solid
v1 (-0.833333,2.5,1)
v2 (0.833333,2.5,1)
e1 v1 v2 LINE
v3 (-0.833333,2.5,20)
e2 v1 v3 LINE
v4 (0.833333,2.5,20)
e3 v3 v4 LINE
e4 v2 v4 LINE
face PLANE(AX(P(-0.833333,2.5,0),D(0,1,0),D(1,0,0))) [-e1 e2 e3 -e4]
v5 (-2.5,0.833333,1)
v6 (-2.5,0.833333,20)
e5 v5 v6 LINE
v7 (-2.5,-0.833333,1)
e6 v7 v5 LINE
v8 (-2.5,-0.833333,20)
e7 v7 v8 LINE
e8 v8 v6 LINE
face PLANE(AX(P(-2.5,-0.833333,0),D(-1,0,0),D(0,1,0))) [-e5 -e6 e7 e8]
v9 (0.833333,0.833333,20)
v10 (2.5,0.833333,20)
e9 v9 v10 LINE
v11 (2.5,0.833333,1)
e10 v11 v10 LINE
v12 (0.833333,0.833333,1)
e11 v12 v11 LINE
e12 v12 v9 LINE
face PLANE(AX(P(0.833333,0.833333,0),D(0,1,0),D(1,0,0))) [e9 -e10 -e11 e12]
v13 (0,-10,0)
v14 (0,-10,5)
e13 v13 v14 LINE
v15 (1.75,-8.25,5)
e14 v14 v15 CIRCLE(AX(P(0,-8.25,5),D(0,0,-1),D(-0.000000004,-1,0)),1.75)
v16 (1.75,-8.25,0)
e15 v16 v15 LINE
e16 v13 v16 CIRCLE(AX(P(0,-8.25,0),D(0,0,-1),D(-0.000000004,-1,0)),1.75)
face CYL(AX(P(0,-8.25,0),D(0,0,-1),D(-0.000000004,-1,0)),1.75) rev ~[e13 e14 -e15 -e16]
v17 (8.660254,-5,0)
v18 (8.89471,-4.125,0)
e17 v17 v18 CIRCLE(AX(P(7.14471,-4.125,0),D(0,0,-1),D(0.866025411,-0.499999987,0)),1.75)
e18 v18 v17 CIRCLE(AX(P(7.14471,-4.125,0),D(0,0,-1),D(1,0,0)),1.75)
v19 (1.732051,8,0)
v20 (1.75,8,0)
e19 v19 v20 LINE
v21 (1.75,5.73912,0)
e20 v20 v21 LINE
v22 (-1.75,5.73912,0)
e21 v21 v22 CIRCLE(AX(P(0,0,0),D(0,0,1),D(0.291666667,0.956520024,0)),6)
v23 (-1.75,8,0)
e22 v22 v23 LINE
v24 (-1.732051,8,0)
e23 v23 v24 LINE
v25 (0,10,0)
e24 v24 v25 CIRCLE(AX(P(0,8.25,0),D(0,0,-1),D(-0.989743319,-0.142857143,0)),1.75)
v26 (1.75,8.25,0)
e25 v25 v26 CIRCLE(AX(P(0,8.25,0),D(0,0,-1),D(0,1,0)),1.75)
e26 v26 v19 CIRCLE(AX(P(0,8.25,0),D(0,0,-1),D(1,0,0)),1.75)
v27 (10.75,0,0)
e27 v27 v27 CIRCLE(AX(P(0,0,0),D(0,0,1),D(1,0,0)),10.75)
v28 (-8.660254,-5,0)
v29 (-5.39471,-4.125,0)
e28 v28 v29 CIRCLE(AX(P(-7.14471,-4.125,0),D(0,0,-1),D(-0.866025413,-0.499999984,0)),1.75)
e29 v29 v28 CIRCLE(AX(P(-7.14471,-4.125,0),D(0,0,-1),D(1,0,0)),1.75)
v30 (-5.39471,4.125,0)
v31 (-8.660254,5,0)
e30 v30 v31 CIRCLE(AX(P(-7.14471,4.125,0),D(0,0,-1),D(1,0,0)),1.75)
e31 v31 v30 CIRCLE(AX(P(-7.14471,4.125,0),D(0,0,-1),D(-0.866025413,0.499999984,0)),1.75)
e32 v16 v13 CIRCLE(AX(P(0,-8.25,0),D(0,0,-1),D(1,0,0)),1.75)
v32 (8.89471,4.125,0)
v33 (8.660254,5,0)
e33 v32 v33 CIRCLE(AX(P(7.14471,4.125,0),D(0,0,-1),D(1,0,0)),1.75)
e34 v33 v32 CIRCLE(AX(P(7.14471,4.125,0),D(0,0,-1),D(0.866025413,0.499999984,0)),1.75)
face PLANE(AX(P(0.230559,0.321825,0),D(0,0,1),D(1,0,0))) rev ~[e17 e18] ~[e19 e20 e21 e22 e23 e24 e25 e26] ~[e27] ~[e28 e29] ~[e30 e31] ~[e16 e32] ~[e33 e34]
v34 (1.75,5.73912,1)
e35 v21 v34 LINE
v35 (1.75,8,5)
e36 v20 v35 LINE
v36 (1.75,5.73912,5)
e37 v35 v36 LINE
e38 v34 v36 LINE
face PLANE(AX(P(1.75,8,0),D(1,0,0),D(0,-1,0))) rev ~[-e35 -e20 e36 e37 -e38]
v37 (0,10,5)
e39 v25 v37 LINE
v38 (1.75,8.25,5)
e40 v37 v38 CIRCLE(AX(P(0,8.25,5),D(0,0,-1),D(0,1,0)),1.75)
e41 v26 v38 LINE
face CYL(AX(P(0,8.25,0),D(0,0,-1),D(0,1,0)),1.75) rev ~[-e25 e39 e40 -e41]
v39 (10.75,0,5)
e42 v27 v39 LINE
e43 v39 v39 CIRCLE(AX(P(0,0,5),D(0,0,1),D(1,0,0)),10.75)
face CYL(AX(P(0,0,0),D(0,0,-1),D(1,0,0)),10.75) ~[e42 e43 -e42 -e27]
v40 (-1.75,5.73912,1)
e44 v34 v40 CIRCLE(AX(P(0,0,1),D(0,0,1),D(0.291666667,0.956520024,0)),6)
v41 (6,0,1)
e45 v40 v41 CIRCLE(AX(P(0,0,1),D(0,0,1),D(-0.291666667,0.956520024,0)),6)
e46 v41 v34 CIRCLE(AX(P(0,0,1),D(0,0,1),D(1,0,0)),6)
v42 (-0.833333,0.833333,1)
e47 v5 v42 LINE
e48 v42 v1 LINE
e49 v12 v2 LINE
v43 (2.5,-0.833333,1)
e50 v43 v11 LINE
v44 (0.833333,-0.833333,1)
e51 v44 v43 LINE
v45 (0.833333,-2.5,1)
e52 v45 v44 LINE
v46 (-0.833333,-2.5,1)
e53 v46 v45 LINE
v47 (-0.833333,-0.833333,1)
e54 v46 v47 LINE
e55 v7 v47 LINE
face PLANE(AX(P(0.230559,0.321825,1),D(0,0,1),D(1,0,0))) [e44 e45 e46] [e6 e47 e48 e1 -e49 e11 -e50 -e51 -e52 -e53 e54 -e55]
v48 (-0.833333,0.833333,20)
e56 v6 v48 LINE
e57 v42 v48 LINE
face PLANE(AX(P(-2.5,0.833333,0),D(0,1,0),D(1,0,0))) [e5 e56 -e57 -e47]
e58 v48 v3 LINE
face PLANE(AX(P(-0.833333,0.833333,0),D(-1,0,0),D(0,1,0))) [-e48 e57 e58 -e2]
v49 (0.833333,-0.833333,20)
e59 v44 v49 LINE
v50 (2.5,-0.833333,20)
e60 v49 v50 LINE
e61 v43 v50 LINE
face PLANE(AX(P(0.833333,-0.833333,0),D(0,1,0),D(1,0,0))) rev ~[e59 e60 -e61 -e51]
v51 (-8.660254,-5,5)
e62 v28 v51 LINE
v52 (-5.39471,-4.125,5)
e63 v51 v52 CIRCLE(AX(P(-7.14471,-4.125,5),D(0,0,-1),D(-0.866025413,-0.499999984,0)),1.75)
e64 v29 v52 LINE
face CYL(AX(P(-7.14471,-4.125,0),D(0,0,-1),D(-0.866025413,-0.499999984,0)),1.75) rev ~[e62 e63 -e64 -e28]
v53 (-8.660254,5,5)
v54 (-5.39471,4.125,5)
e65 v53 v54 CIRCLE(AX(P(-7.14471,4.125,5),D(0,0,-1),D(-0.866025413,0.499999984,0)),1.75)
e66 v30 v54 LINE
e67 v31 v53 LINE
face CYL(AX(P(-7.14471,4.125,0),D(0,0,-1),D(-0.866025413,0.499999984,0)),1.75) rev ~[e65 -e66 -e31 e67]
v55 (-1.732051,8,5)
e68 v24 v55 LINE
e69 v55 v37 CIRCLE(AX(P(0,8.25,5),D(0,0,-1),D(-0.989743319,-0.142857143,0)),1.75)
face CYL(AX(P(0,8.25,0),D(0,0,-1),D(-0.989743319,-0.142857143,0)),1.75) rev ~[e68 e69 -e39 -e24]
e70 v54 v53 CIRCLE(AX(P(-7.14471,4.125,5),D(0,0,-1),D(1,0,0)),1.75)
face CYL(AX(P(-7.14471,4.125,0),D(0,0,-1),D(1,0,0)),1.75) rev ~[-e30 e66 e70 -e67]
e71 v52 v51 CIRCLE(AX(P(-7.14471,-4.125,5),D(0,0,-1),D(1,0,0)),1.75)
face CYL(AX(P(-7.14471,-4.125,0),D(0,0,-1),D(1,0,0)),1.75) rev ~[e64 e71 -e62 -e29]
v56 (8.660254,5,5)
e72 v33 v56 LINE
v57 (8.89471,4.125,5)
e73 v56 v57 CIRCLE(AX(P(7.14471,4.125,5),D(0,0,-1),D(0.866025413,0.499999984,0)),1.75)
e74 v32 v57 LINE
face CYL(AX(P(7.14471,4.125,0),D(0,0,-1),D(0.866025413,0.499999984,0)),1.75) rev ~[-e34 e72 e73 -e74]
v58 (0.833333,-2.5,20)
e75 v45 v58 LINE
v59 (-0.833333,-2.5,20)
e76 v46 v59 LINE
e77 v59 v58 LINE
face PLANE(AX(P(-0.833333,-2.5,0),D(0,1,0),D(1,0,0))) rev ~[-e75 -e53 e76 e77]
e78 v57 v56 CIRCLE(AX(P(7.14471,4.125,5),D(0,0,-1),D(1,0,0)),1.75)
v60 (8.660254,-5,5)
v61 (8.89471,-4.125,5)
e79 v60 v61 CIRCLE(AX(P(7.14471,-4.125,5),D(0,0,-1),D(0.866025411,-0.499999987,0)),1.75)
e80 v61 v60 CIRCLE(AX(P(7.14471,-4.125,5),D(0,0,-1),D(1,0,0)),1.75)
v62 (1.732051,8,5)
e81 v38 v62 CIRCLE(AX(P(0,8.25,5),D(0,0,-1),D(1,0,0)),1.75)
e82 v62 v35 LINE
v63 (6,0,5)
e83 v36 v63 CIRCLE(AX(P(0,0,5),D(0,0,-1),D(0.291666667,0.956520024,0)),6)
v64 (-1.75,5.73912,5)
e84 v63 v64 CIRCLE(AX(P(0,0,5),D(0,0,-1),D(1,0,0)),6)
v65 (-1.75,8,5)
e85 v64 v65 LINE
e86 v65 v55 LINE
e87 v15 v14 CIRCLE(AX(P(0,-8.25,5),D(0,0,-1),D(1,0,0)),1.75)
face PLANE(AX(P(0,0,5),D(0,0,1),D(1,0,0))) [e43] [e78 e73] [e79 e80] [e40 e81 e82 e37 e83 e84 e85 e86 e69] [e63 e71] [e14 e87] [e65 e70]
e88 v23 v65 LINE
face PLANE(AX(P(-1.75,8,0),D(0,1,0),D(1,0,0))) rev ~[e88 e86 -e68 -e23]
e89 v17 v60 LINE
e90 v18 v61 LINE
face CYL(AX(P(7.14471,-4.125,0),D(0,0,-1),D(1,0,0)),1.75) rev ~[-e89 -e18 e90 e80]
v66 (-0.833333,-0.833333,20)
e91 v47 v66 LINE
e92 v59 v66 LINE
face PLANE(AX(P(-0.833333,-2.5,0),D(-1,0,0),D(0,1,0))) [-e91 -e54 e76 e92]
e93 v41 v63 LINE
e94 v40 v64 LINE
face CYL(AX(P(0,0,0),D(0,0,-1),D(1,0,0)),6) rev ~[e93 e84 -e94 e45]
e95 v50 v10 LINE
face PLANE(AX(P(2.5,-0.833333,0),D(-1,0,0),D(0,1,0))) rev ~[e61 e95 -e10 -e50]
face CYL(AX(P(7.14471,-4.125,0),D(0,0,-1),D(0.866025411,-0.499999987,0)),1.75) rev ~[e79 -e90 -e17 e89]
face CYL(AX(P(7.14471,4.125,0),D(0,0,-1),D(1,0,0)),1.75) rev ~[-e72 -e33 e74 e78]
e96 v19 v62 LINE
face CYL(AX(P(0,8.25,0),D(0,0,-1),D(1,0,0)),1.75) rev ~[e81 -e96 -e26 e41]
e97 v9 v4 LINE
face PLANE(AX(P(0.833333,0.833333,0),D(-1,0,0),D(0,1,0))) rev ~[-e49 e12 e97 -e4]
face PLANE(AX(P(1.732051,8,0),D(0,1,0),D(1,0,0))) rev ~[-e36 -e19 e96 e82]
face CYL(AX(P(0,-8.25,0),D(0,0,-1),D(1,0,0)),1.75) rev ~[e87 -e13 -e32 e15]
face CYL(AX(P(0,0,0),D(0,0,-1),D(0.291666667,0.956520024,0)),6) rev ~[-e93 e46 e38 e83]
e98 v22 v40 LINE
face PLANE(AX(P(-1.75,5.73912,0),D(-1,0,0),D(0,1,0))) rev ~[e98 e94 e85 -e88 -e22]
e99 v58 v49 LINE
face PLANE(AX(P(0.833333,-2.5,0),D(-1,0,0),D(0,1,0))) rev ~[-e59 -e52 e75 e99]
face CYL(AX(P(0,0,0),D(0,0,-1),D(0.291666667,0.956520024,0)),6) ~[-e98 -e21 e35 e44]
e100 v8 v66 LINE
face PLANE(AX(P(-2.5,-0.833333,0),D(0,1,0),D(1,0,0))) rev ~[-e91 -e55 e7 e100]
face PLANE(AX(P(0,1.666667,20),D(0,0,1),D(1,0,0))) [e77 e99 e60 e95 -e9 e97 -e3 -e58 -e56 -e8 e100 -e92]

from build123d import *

# Parameters (mm, degrees)
F0_W     = 1.6666666667
F0_H     = 1.6666666667
F2_DEPTH = 20
F1_R     = 10.75
F3_DEPTH = 5
F4_DEPTH = 1


with BuildPart() as f2:
    # F0 (on Top) → F2 (new body)
    with BuildSketch(Plane.XY):
        with Locations((0, 1.6666666667)):
            Rectangle(F0_W, F0_H)
        with Locations((-1.6666666667, 0)):
            Rectangle(F0_W, F0_H)
        with Locations((0, -1.6666666667)):
            Rectangle(F0_W, F0_H)
        Rectangle(F0_W, F0_H)
        with Locations((1.6666666667, 0)):
            Rectangle(F0_W, F0_H)
    extrude(amount=F2_DEPTH)



with BuildPart() as f3:
    # F1 (on Top) → F3 (new body)
    with BuildSketch(Plane.XY):
        Circle(F1_R)
        with BuildLine():
            ThreePointArc((-8.6602540538, 4.9999999724), (-5.0000000138, 8.6602540299), (0, 10))
            ThreePointArc((0, 10), (5.0000000138, 8.6602540299), (8.6602540538, 4.9999999724))
            ThreePointArc((8.6602540538, 4.9999999724), (9.659258267, 2.5881904356), (10, 0))
            ThreePointArc((10, 0), (9.6592582663, -2.5881904384), (8.6602540509, -4.9999999774))
            ThreePointArc((8.6602540509, -4.9999999774), (5.0000000086, -8.6602540329), (-6.2e-09, -10))
            ThreePointArc((-6.2e-09, -10), (-5.0000000165, -8.6602540283), (-8.6602540538, -4.9999999724))
            ThreePointArc((-8.6602540538, -4.9999999724), (-10, 0), (-8.6602540538, 4.9999999724))
        make_face(mode=Mode.SUBTRACT)
        with BuildLine():
            ThreePointArc((8.6602540538, 4.9999999724), (5.0000000138, 8.6602540299), (0, 10))
            ThreePointArc((0, 10), (-5.0000000138, 8.6602540299), (-8.6602540538, 4.9999999724))
            ThreePointArc((-8.6602540538, 4.9999999724), (-10, 0), (-8.6602540538, -4.9999999724))
            ThreePointArc((-8.6602540538, -4.9999999724), (-5.0000000165, -8.6602540283), (-6.2e-09, -10))
            ThreePointArc((-6.2e-09, -10), (5.0000000086, -8.6602540329), (8.6602540509, -4.9999999774))
            ThreePointArc((8.6602540509, -4.9999999774), (9.6592582663, -2.5881904384), (10, 0))
            ThreePointArc((10, 0), (9.659258267, 2.5881904356), (8.6602540538, 4.9999999724))
        make_face()
        with BuildLine():
            ThreePointArc((-5.3947095812, -4.125), (-6.6917762677, -5.8153702001), (-8.6602540538, -4.9999999724))
            ThreePointArc((-8.6602540538, -4.9999999724), (-7.5976428947, -2.4346297999), (-5.3947095812, -4.125))
        make_face(mode=Mode.SUBTRACT)
        with BuildLine():
            ThreePointArc((1.75, -8.25), (1.2374368649, -9.4874368693), (-6.2e-09, -10))
            ThreePointArc((-6.2e-09, -10), (-1.2374368649, -7.0125631307), (1.75, -8.25))
        make_face(mode=Mode.SUBTRACT)
        with BuildLine():
            ThreePointArc((8.8947095812, -4.125), (8.8350797806, -4.5779333163), (8.6602540509, -4.9999999774))
            ThreePointArc((8.6602540509, -4.9999999774), (5.4543393818, -3.6720666837), (8.8947095812, -4.125))
        make_face(mode=Mode.SUBTRACT)
        with BuildLine():
            ThreePointArc((-5.3947095812, 4.125), (-7.5976428947, 2.4346297999), (-8.6602540538, 4.9999999724))
            ThreePointArc((-8.6602540538, 4.9999999724), (-6.6917762677, 5.8153702001), (-5.3947095812, 4.125))
        make_face(mode=Mode.SUBTRACT)
        with BuildLine():
            ThreePointArc((1.75, 5.7391201416), (4.8218253805, 3.5707142143), (6, 0))
            ThreePointArc((6, 0), (-3.5707142143, -4.8218253805), (-1.75, 5.7391201416))
            Line((-1.75, 5.7391201416), (-1.75, 8))
            Line((-1.75, 8), (-1.7320508076, 8))
            ThreePointArc((-1.7320508076, 8), (-1.3228756555, 9.3956439237), (0, 10))
            ThreePointArc((0, 10), (1.2374368671, 9.4874368671), (1.75, 8.25))
            ThreePointArc((1.75, 8.25), (1.745506934, 8.1246782406), (1.7320508076, 8))
            Line((1.7320508076, 8), (1.75, 8))
            Line((1.75, 8), (1.75, 5.7391201416))
        make_face(mode=Mode.SUBTRACT)
        with BuildLine():
            ThreePointArc((8.8947095812, 4.125), (5.4543393811, 3.6720666865), (8.6602540538, 4.9999999724))
            ThreePointArc((8.6602540538, 4.9999999724), (8.8350797814, 4.5779333135), (8.8947095812, 4.125))
        make_face(mode=Mode.SUBTRACT)
    extrude(amount=F3_DEPTH)


with BuildPart() as f2_1:
    add(f2.part)

    add(f3.part)  # F4 merges F3
    # F1 (on Top) → F4 (join)
    with BuildSketch(Plane.XY):
        with BuildLine():
            ThreePointArc((-1.75, 5.7391201416), (-3.5707142143, -4.8218253805), (6, 0))
            ThreePointArc((6, 0), (4.8218253805, 3.5707142143), (1.75, 5.7391201416))
            ThreePointArc((1.75, 5.7391201416), (0, 6), (-1.75, 5.7391201416))
        make_face()
    extrude(amount=F4_DEPTH)


solid = f2_1.part
